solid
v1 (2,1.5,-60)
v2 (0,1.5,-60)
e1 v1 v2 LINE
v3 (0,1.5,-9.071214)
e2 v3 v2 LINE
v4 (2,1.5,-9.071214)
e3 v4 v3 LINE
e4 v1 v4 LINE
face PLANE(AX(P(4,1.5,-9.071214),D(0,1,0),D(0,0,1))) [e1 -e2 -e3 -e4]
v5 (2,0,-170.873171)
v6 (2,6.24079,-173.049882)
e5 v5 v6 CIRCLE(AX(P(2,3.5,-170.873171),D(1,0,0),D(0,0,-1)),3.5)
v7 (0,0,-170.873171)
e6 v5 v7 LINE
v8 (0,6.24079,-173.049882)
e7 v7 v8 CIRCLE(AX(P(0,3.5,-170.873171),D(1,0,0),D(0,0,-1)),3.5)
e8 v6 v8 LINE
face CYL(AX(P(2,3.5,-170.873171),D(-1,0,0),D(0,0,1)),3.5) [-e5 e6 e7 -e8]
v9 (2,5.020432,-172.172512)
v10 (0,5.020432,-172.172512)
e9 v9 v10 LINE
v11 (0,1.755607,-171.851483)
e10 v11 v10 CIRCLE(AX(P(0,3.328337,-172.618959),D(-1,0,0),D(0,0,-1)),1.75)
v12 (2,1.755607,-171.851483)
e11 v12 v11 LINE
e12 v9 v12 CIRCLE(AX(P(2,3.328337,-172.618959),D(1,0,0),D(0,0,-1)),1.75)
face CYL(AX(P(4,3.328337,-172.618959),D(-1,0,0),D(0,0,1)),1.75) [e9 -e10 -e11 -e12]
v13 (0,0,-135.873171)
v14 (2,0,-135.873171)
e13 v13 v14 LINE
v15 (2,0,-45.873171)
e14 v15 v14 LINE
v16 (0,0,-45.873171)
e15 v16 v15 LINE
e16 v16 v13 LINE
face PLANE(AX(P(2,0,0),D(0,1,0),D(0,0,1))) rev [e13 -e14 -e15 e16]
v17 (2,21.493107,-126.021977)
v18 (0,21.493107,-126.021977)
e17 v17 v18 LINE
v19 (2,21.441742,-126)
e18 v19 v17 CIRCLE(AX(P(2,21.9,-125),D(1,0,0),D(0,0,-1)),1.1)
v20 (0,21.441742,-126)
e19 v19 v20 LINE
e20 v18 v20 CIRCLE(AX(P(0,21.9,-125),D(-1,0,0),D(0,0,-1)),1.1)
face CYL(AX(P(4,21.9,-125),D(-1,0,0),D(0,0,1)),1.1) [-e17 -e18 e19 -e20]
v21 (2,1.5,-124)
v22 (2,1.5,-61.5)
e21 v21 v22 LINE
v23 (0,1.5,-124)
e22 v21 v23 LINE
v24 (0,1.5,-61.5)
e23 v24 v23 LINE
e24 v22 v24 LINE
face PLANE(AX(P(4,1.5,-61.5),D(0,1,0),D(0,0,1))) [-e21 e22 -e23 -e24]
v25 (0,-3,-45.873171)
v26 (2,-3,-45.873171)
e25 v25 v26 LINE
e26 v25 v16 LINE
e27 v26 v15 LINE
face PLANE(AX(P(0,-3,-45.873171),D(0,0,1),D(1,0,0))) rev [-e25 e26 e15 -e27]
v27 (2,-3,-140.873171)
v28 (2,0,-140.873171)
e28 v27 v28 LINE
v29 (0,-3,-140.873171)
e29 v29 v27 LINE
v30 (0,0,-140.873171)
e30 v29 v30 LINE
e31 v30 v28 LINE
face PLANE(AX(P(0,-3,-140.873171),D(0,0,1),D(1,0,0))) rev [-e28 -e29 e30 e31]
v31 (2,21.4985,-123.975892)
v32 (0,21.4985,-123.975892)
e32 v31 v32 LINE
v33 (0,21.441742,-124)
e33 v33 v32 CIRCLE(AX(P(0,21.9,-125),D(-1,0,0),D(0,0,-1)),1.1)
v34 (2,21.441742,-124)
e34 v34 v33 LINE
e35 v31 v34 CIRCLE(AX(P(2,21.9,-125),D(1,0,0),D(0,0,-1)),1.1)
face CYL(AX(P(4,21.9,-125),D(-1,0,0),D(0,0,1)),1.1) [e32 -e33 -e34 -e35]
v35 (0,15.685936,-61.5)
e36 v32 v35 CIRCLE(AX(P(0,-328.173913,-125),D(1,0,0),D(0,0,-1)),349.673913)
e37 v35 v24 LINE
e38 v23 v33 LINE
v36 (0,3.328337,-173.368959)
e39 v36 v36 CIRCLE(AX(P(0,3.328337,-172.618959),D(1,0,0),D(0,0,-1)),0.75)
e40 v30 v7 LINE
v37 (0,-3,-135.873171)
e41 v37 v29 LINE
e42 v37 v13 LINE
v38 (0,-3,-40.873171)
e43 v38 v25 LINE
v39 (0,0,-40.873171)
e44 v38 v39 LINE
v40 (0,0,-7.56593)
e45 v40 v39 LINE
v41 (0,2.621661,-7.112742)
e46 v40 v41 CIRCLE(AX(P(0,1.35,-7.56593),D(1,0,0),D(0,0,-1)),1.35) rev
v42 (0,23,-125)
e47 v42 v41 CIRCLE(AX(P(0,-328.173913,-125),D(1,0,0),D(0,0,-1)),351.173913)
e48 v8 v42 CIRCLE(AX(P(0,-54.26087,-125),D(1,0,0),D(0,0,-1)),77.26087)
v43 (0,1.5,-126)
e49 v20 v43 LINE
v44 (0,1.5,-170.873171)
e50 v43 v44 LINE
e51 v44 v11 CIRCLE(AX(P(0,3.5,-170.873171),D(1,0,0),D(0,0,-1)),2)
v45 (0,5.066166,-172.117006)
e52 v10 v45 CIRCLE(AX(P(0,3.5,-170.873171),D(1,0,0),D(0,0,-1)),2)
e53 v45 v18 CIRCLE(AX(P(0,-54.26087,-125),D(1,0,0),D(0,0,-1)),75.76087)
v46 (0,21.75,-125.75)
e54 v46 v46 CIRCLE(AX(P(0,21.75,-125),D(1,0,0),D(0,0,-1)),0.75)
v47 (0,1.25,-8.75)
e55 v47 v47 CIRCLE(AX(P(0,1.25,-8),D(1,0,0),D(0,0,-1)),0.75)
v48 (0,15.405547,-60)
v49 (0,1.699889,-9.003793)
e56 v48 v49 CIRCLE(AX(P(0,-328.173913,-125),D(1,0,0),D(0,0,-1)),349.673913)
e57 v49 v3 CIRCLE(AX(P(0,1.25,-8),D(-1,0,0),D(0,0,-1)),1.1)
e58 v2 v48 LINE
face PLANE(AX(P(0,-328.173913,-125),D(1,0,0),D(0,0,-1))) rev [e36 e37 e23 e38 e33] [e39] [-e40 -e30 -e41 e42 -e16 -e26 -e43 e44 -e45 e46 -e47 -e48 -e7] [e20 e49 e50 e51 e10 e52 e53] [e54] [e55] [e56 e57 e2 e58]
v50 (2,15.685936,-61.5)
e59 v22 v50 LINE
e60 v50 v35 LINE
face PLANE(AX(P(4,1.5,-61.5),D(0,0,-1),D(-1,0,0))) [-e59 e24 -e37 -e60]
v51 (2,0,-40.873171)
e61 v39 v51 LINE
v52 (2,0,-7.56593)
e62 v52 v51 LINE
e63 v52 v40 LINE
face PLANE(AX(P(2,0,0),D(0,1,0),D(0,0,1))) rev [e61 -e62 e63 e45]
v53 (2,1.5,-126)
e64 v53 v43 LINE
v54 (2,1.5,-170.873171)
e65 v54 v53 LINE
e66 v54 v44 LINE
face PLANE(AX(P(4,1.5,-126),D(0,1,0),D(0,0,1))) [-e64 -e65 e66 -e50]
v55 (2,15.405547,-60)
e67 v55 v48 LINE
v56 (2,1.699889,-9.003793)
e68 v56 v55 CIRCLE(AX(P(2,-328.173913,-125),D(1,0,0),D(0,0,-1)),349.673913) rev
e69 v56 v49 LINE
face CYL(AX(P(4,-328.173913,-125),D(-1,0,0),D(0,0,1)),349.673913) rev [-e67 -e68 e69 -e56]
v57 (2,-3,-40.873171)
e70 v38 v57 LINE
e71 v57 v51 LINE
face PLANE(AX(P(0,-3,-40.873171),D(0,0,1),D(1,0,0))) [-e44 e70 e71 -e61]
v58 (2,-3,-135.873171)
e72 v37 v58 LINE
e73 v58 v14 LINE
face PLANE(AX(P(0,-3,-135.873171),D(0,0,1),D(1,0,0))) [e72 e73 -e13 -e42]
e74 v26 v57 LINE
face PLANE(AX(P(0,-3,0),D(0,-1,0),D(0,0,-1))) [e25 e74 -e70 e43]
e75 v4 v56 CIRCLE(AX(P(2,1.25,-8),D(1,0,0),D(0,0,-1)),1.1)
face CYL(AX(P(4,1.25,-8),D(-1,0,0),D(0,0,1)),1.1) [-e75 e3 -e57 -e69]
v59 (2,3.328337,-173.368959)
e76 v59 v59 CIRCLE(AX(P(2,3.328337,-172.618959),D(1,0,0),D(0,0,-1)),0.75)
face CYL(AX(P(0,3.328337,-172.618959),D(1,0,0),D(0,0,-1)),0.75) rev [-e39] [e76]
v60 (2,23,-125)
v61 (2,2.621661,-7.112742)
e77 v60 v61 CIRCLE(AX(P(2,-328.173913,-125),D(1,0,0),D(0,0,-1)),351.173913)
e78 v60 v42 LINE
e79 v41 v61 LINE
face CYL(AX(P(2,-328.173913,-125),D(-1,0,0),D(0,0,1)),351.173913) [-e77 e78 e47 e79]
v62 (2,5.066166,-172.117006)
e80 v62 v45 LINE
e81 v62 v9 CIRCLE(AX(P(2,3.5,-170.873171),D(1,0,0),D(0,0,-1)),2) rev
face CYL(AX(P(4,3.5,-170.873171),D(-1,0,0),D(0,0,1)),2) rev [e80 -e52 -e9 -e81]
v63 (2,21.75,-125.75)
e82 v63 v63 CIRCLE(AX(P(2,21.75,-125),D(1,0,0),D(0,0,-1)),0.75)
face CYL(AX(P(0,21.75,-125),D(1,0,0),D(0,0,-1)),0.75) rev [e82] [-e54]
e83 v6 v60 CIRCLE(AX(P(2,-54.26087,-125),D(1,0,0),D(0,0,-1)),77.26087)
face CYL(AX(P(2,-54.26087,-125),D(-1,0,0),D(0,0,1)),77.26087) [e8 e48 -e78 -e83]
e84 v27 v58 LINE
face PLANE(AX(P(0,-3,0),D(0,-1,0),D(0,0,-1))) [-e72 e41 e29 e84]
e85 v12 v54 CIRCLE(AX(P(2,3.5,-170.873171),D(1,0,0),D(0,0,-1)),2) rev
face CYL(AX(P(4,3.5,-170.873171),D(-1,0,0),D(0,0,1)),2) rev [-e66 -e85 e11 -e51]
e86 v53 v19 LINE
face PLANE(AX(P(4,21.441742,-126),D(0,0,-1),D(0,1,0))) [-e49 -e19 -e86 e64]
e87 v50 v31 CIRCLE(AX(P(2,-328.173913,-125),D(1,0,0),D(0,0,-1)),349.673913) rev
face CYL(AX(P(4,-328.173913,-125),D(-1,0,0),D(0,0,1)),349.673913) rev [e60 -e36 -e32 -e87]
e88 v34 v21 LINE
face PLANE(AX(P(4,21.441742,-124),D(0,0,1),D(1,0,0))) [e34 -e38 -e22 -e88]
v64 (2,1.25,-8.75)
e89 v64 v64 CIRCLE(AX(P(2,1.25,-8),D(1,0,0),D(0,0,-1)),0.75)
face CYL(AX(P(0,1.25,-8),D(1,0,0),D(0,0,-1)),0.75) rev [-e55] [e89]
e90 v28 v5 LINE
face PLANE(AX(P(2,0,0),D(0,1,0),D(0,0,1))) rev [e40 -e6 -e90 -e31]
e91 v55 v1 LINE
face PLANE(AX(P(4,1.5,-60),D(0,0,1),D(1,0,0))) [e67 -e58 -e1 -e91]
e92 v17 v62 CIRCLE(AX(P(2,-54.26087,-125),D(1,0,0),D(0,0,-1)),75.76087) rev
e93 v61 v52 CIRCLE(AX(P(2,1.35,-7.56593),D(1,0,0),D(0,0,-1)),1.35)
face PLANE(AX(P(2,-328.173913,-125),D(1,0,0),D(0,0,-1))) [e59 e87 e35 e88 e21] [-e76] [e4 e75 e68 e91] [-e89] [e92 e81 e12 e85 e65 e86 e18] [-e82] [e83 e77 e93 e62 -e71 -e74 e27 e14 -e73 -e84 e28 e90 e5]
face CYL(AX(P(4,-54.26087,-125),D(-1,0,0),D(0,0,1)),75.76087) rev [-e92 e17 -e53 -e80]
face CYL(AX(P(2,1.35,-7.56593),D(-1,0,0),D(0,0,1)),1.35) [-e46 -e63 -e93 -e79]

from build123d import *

# Parameters (mm, degrees)
BOSS_EXTRU_1_DEPTH      = 2
ESQUISSE4_R             = 0.75
ENL_V_MAT_EXTRU_2_DEPTH = 176.894862906
ENL_V_MAT_EXTRU_3_DEPTH = 4
CONG_2_R                = 1.35
ESQUISSE12_W            = 2
ESQUISSE12_H            = 5
BOSS_EXTRU_2_DEPTH      = 3


with BuildPart() as part:
    # Esquisse2 → Boss.-Extru.1 (new body)
    with BuildSketch(Plane(origin=(0, 0, 0), x_dir=(0, 0, -1), z_dir=(1, 0, 0))):
        with BuildLine():
            Line((0, 0), (170.873171093, 0))
            ThreePointArc((170.873171093, 0), (174.177922559, 2.347343181), (173.049882129, 6.240789861))
            ThreePointArc((173.049882129, 6.240789861), (150.444362328, 18.689979585), (125, 23))
            ThreePointArc((125, 23), (61.450806457, 17.202138822), (0, 0))
        make_face()
    extrude(amount=BOSS_EXTRU_1_DEPTH)

    # Esquisse4 → Enlèv. mat.-Extru.2 (cut, through all)
    with BuildSketch(Plane(origin=(2, 0, 0), x_dir=(0, 0, -1), z_dir=(1, 0, 0))):
        with Locations((125, 21.75)):
            Circle(ESQUISSE4_R)
        with Locations((172.618958832, 3.328337296)):
            Circle(ESQUISSE4_R)
        with Locations((8, 1.25)):
            Circle(ESQUISSE4_R)
    extrude(amount=-ENL_V_MAT_EXTRU_2_DEPTH, mode=Mode.SUBTRACT)

    # Esquisse9 → Enlèv. mat.-Extru.3 (cut)
    with BuildSketch(Plane(origin=(0, 0, 0), x_dir=(0, 0, -1), z_dir=(1, 0, 0))):
        with BuildLine():
            Line((126, 1.5), (170.873171093, 1.5))
            ThreePointArc((170.873171093, 1.5), (171.378747106, 1.564956617), (171.851482612, 1.755607106))
            ThreePointArc((171.851482612, 1.755607106), (170.877358103, 3.499588293), (172.172511728, 5.020432147))
            ThreePointArc((172.172511728, 5.020432147), (172.144964437, 5.043548409), (172.11700597, 5.066165635))
            ThreePointArc((172.11700597, 5.066165635), (150.432293025, 17.103742315), (126.021977416, 21.493106696))
            ThreePointArc((126.021977416, 21.493106696), (126.011314857, 21.467285013), (126, 21.441742431))
            Line((126, 21.441742431), (126, 1.5))
        make_face()
        with BuildLine():
            Line((9.071214264, 1.5), (60, 1.5))
            Line((60, 1.5), (60, 15.405547145))
            ThreePointArc((60, 15.405547145), (34.242807282, 9.516740415), (9.003792697, 1.699889121))
            ThreePointArc((9.003792697, 1.699889121), (9.042306283, 1.601564521), (9.071214264, 1.5))
        make_face()
        with BuildLine():
            Line((124, 21.441742431), (124, 1.5))
            Line((124, 1.5), (61.5, 1.5))
            Line((61.5, 1.5), (61.5, 15.685935533))
            ThreePointArc((61.5, 15.685935533), (92.607306096, 19.996388454), (123.975891605, 21.498500317))
            ThreePointArc((123.975891605, 21.498500317), (123.987547995, 21.469952401), (124, 21.441742431))
        make_face()
    extrude(amount=ENL_V_MAT_EXTRU_3_DEPTH, mode=Mode.SUBTRACT)

    # Congé2
    cong_2_edges = [part.edges().sort_by_distance(p)[0] for p in [
        (1, 0, 0),
    ]]
    fillet(cong_2_edges, radius=CONG_2_R)

    # Esquisse12 → Boss.-Extru.2 (add)
    with BuildSketch(Plane.XZ):
        with Locations((1, -138.373171093)):
            Rectangle(ESQUISSE12_W, ESQUISSE12_H)
        with Locations((1, -43.373171093)):
            Rectangle(ESQUISSE12_W, ESQUISSE12_H)
    extrude(amount=BOSS_EXTRU_2_DEPTH)


solid = part.part
